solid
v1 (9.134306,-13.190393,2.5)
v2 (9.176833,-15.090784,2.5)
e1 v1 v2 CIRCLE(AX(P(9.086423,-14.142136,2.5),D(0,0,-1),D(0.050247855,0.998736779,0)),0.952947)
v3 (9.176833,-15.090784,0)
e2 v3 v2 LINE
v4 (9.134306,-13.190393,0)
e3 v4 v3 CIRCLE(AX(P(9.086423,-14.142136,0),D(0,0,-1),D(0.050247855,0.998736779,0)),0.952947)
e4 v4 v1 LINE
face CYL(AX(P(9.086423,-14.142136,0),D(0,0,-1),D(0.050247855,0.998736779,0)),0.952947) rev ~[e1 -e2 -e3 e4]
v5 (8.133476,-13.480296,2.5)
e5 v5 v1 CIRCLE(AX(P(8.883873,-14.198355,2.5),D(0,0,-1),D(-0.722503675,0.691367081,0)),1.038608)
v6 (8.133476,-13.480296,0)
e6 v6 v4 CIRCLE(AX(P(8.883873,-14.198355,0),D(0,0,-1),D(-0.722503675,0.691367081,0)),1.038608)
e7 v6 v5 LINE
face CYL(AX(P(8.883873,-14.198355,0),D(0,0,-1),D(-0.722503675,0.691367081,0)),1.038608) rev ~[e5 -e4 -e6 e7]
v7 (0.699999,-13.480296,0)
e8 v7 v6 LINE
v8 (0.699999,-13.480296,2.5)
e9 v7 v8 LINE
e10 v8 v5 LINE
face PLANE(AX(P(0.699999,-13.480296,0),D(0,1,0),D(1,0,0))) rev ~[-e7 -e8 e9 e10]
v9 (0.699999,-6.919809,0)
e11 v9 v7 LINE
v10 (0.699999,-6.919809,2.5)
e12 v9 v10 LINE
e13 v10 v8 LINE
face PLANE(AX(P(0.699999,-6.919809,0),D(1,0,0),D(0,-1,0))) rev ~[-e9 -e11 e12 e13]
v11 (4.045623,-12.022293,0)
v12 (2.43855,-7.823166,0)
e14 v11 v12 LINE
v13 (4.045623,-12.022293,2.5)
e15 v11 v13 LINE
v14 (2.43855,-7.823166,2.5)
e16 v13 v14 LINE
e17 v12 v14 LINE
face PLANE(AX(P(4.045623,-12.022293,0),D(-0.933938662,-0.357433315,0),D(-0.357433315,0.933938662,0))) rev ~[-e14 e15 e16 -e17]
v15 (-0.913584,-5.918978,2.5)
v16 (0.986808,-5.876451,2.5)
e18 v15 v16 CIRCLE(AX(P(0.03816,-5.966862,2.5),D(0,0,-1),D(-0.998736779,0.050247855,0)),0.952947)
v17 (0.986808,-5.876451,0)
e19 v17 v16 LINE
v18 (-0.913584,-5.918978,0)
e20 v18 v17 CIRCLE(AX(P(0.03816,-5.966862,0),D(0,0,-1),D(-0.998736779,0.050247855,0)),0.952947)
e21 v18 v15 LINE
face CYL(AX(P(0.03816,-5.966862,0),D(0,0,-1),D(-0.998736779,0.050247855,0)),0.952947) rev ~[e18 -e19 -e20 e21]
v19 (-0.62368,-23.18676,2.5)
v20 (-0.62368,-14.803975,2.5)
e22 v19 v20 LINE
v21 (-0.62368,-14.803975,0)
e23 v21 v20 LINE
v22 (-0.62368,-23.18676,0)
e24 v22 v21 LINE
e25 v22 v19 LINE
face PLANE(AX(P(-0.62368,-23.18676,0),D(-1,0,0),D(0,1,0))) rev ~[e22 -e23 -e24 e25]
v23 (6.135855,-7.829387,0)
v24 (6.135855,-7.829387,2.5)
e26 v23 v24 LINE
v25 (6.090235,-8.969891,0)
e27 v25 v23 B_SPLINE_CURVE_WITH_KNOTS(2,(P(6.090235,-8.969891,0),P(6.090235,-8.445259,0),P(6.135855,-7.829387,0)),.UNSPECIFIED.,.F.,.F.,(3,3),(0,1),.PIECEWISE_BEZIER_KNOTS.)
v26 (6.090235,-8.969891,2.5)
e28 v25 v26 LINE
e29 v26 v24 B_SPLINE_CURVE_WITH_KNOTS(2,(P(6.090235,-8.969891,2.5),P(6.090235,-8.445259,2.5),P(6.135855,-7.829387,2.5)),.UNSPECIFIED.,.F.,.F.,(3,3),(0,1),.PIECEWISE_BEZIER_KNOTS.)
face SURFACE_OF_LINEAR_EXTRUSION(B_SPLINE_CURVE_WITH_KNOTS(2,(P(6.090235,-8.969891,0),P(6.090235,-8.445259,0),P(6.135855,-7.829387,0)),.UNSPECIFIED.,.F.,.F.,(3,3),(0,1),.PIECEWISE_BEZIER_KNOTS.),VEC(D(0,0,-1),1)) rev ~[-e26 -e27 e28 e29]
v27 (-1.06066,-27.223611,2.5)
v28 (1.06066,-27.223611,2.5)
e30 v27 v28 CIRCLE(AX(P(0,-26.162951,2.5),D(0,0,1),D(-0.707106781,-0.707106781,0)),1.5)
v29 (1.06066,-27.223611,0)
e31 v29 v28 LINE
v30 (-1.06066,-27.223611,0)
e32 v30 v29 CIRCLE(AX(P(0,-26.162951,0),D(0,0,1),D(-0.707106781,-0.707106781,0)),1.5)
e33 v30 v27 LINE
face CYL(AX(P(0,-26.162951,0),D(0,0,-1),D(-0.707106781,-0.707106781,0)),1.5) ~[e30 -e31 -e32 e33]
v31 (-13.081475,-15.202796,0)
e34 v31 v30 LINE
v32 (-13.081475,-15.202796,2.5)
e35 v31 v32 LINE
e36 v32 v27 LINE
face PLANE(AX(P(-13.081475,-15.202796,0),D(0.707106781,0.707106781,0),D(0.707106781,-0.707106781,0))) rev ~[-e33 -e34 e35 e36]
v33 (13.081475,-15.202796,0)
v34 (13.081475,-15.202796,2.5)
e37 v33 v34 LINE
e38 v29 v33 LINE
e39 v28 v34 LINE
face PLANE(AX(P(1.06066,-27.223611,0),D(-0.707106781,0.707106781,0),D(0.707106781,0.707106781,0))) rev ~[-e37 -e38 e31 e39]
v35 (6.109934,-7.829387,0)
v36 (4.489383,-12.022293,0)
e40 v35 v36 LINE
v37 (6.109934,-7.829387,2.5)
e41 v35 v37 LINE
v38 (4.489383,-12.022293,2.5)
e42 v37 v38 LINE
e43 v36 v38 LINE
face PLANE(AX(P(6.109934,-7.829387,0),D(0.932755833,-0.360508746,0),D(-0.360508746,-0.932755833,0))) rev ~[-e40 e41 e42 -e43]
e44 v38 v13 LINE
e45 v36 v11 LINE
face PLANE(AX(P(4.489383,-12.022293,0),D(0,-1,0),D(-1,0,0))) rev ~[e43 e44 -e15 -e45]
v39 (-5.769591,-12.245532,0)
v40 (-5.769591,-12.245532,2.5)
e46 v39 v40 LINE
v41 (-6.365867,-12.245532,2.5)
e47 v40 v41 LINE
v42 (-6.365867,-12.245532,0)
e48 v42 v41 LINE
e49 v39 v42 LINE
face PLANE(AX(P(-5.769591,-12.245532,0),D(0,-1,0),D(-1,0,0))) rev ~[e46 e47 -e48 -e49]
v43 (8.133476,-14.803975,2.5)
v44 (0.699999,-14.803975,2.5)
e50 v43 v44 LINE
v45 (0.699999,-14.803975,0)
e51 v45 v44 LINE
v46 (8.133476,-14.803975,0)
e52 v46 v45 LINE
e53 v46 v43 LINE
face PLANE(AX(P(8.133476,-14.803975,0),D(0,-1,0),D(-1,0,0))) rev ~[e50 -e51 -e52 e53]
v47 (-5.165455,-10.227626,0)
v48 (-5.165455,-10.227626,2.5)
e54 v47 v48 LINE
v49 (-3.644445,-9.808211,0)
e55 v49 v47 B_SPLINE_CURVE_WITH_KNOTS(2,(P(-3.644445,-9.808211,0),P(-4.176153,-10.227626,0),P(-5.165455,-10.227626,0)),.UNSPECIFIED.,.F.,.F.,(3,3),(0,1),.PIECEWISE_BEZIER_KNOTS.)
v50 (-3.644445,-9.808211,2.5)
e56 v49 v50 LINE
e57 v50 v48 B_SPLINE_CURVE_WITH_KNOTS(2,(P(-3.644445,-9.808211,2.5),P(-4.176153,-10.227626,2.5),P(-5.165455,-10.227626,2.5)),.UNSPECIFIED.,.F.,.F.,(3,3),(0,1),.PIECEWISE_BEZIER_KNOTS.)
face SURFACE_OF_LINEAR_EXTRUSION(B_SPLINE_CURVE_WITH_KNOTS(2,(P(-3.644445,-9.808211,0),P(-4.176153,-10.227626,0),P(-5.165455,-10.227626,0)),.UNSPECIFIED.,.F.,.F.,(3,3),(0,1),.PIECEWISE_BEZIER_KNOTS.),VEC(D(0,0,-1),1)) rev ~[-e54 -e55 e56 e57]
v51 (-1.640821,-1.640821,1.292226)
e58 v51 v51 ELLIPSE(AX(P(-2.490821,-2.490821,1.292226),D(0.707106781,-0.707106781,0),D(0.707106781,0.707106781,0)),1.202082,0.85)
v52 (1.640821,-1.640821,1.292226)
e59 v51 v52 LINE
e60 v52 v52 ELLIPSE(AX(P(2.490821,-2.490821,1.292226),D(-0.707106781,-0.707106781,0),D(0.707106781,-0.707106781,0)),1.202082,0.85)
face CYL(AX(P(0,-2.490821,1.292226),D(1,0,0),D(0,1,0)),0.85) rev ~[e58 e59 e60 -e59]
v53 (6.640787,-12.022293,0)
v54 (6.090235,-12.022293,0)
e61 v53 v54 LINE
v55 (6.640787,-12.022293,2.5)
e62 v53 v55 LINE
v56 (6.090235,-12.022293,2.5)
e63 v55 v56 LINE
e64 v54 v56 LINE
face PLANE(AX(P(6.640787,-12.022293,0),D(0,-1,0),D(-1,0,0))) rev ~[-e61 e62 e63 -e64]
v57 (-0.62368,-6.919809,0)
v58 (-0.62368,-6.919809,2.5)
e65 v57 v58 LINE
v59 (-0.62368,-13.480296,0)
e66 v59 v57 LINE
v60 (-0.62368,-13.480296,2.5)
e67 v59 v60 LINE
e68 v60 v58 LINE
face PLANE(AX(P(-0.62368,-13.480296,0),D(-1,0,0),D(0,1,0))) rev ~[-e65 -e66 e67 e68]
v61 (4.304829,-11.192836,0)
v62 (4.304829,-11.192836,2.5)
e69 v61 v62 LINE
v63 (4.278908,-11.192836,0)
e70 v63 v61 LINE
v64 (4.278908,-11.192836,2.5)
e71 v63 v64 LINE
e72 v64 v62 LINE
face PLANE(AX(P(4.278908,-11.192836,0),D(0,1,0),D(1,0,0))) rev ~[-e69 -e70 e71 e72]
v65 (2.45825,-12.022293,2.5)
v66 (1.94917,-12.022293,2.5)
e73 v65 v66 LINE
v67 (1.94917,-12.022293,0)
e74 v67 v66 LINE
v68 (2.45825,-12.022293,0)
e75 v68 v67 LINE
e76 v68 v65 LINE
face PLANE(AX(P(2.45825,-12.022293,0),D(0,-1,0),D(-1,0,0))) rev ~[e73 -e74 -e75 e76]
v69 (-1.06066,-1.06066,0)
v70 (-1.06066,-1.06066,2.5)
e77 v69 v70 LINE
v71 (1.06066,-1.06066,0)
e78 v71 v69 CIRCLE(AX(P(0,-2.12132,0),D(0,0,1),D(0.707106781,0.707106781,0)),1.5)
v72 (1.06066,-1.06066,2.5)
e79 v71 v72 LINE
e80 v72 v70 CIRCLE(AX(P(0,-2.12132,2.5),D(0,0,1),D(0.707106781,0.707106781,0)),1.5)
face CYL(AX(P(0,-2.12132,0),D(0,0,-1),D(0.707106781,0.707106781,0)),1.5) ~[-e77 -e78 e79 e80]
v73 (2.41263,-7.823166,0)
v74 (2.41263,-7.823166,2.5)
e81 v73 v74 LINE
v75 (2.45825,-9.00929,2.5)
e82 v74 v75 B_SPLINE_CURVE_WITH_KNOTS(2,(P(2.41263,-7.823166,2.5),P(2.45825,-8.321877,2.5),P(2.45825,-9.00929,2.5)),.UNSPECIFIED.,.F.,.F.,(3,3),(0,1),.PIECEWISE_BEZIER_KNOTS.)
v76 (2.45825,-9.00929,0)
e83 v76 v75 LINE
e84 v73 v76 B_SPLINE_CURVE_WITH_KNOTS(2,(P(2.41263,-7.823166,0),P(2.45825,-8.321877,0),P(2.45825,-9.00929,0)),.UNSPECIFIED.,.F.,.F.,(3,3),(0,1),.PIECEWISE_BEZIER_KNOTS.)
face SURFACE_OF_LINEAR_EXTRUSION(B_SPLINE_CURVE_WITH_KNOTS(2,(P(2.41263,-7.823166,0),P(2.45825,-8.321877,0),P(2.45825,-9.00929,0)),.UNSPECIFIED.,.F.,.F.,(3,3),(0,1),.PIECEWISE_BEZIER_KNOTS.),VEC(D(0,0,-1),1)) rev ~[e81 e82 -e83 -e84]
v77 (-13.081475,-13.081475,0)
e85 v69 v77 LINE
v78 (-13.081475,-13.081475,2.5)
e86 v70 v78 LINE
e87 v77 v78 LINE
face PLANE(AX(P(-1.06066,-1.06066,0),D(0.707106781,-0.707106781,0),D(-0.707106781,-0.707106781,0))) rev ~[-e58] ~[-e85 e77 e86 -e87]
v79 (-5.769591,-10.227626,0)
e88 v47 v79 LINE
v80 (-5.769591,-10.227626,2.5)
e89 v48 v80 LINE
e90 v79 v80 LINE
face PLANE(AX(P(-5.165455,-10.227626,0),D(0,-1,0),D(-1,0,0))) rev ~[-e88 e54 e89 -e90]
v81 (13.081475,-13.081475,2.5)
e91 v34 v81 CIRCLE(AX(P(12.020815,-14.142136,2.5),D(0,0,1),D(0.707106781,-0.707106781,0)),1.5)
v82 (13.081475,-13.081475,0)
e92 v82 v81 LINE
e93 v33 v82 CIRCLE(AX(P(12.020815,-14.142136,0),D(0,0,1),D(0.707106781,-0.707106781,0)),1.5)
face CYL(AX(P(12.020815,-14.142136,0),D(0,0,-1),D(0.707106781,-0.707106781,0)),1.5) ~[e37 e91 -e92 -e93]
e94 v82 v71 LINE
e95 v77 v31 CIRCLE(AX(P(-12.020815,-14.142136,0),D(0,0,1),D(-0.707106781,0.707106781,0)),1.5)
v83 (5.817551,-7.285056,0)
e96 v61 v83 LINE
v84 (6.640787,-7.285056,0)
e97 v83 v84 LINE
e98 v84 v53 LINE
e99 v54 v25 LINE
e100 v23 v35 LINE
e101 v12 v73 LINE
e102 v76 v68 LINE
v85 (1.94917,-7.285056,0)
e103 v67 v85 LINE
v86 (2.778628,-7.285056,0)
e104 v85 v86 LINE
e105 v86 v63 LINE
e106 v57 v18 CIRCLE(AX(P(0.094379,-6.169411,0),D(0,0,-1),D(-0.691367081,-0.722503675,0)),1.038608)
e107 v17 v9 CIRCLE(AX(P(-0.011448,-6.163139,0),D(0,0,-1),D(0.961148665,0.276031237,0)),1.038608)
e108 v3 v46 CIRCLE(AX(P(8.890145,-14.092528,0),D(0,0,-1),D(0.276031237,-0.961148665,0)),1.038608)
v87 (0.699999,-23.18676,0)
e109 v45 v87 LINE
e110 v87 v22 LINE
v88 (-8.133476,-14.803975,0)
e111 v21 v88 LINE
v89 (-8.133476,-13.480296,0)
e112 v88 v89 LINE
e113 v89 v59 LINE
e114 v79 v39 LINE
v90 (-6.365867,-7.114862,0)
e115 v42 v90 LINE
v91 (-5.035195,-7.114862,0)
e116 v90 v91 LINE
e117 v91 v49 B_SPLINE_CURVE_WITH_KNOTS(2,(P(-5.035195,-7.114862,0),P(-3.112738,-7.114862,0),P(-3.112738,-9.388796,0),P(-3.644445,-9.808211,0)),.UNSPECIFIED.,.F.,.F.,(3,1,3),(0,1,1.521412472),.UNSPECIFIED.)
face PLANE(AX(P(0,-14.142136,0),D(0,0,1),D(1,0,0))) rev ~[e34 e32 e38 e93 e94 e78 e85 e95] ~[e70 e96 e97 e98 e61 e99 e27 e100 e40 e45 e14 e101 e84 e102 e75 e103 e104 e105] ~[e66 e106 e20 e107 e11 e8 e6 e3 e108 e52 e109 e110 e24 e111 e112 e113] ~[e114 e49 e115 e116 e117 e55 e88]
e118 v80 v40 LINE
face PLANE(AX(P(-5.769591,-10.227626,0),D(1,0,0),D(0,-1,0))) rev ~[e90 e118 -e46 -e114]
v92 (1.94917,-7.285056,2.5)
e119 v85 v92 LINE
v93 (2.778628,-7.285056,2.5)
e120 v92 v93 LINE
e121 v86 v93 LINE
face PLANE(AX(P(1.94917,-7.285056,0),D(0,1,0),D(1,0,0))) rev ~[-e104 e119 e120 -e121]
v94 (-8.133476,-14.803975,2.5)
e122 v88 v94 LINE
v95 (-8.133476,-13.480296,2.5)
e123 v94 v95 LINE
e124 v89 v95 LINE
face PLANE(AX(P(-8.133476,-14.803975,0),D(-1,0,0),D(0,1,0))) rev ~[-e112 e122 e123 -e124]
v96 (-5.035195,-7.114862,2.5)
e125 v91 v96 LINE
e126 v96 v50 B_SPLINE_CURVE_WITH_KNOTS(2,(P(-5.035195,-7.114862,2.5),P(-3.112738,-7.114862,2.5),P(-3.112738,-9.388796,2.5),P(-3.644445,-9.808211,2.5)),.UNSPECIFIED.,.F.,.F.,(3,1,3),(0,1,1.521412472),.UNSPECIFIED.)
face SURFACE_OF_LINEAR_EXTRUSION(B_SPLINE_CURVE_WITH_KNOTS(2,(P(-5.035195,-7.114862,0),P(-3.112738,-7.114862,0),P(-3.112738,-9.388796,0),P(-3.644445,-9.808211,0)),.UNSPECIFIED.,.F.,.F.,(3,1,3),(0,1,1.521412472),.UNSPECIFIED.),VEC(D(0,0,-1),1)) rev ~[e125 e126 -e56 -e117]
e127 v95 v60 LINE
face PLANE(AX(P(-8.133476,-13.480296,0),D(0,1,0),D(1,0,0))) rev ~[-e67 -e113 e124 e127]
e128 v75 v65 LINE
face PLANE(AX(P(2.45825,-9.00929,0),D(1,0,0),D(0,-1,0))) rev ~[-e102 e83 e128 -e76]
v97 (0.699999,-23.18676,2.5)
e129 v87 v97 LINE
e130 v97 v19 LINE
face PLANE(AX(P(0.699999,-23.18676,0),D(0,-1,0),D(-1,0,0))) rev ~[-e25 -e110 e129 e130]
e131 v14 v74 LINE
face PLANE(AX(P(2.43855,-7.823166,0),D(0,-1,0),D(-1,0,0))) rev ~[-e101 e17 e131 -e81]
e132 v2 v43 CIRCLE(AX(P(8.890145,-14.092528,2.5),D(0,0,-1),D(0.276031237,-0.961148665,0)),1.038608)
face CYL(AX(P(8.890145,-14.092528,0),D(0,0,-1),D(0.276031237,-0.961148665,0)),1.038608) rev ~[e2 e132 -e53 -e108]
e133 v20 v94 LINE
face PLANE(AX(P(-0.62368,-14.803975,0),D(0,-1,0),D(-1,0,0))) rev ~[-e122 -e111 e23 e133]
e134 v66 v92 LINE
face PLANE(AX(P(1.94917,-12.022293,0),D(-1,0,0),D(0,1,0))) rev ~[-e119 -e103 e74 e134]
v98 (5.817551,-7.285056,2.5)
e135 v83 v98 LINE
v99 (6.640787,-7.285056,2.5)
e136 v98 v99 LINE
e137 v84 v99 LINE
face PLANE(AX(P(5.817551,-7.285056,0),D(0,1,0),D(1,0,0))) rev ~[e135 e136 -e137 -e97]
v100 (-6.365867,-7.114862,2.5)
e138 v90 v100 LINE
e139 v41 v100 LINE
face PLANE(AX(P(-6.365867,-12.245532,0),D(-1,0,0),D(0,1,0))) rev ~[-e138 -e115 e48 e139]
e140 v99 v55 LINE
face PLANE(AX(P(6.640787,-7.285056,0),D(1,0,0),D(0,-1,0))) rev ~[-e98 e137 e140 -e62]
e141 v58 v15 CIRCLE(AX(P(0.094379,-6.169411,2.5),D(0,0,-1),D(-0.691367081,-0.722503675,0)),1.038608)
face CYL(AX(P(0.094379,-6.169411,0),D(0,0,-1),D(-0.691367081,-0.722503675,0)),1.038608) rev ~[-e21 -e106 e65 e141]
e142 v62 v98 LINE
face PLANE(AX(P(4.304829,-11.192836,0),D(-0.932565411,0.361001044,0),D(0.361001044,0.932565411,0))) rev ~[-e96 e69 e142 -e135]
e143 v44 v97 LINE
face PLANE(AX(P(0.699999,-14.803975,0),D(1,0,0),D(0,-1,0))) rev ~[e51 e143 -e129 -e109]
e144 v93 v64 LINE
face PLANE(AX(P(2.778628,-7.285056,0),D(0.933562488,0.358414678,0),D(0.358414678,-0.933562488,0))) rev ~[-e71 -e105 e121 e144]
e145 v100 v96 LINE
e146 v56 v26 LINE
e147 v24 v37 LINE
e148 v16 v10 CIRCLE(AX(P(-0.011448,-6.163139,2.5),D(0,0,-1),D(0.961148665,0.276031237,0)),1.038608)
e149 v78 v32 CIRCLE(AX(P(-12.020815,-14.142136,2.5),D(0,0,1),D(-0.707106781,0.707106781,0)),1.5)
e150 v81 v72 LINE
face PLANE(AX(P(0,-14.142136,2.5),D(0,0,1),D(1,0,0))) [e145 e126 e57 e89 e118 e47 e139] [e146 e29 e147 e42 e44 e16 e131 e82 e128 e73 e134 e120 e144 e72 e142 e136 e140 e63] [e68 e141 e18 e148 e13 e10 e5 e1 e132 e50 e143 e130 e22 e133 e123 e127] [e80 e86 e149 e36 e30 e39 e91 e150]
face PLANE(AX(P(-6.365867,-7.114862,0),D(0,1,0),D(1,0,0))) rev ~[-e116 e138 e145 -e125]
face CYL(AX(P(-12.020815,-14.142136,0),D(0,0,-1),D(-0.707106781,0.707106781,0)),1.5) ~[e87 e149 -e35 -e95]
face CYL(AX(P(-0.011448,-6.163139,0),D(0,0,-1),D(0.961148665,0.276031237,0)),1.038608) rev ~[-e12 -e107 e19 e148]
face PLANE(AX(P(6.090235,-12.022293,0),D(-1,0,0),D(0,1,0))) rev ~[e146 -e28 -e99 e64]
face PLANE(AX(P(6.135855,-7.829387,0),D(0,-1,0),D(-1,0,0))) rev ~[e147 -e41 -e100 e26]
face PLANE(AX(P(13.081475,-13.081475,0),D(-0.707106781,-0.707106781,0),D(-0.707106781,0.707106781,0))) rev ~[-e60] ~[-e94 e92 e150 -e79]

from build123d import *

# Parameters (mm, degrees)
F1_DEPTH = 2.5
F2_R     = 0.85
F3_DEPTH = 12.5


with BuildPart() as f1:
    # F0 (on Top) → F1 (new body)
    with BuildSketch(Plane.XY):
        with BuildLine():
            Line((13.081475452, -13.081475452), (1.0606601718, -1.0606601718))
            ThreePointArc((1.0606601718, -1.0606601718), (0, -0.6213203436), (-1.0606601718, -1.0606601718))
            Line((-1.0606601718, -1.0606601718), (-13.081475452, -13.081475452))
            ThreePointArc((-13.081475452, -13.081475452), (-13.5208152802, -14.1421356237), (-13.081475452, -15.2027957955))
            Line((-13.081475452, -15.2027957955), (-1.0606601718, -27.2236110757))
            ThreePointArc((-1.0606601718, -27.2236110757), (0, -27.6629509039), (1.0606601718, -27.2236110757))
            Line((1.0606601718, -27.2236110757), (13.081475452, -15.2027957955))
            ThreePointArc((13.081475452, -15.2027957955), (13.5208152802, -14.1421356237), (13.081475452, -13.081475452))
        make_face()
        with BuildLine():
            add(Edge.make_bspline(
                [(-5.0351947703, -7.1148621023), (-3.1127377117, -7.1148621023), (-3.1127377117, -8.6094826309)],
                knots=[0, 0, 0, 1, 1, 1], degree=2))
            add(Edge.make_bspline(
                [(-3.1127377117, -8.6094826309), (-3.1127377117, -9.3887964152), (-3.6444453152, -9.8082109662)],
                knots=[0, 0, 0, 1, 1, 1], degree=2))
            add(Edge.make_bspline(
                [(-3.6444453152, -9.8082109662), (-4.1761529188, -10.2276255173), (-5.1654547112, -10.2276255173)],
                knots=[0, 0, 0, 1, 1, 1], degree=2))
            Line((-5.1654547112, -10.2276255173), (-5.7695913335, -10.2276255173))
            Line((-5.7695913335, -10.2276255173), (-5.7695913335, -12.2455316704))
            Line((-5.7695913335, -12.2455316704), (-6.3658674423, -12.2455316704))
            Line((-6.3658674423, -12.2455316704), (-6.3658674423, -7.1148621023))
            Line((-6.3658674423, -7.1148621023), (-5.0351947703, -7.1148621023))
        make_face(mode=Mode.SUBTRACT)
        with BuildLine():
            Line((-8.1334756687, -14.8039748892), (-8.1334756687, -13.4802963582))
            Line((-8.1334756687, -13.4802963582), (-0.6236797201, -13.4802963582))
            Line((-0.6236797201, -13.4802963582), (-0.6236797201, -6.9198086858))
            ThreePointArc((-0.6236797201, -6.9198086858), (-0.9032194318, -6.4583786209), (-0.9135835525, -5.9189782686))
            ThreePointArc((-0.9135835525, -5.9189782686), (0.0168397474, -5.0141534426), (0.9868078824, -5.876451129))
            ThreePointArc((0.9868078824, -5.876451129), (0.9900106564, -6.4384308628), (0.6999988109, -6.9198086858))
            Line((0.6999988109, -6.9198086858), (0.6999988109, -13.4802963582))
            Line((0.6999988109, -13.4802963582), (8.1334756687, -13.4802963582))
            ThreePointArc((8.1334756687, -13.4802963582), (8.5949057336, -13.2007566465), (9.134306086, -13.1903925258))
            ThreePointArc((9.134306086, -13.1903925258), (10.0391309119, -14.1208158258), (9.1768332255, -15.0907839607))
            ThreePointArc((9.1768332255, -15.0907839607), (8.6148534917, -15.0939867347), (8.1334756687, -14.8039748892))
            Line((8.1334756687, -14.8039748892), (0.6999988109, -14.8039748892))
            Line((0.6999988109, -14.8039748892), (0.6999988109, -23.1867600232))
            Line((0.6999988109, -23.1867600232), (-0.6236797201, -23.1867600232))
            Line((-0.6236797201, -23.1867600232), (-0.6236797201, -14.8039748892))
            Line((-0.6236797201, -14.8039748892), (-8.1334756687, -14.8039748892))
        make_face(mode=Mode.SUBTRACT)
        with BuildLine():
            Line((4.4893827087, -12.0222926794), (4.0456231809, -12.0222926794))
            Line((4.0456231809, -12.0222926794), (2.4385501247, -7.8231663068))
            Line((2.4385501247, -7.8231663068), (2.4126295915, -7.8231663068))
            add(Edge.make_bspline(
                [(2.4126295915, -7.8231663068), (2.4582497299, -8.3218773648), (2.4582497299, -9.0092899044)],
                knots=[0, 0, 0, 1, 1, 1], degree=2))
            Line((2.4582497299, -9.0092899044), (2.4582497299, -12.0222926794))
            Line((2.4582497299, -12.0222926794), (1.9491704586, -12.0222926794))
            Line((1.9491704586, -12.0222926794), (1.9491704586, -7.2850560383))
            Line((1.9491704586, -7.2850560383), (2.7786275198, -7.2850560383))
            Line((2.7786275198, -7.2850560383), (4.2789079794, -11.1928356181))
            Line((4.2789079794, -11.1928356181), (4.3048285126, -11.1928356181))
            Line((4.3048285126, -11.1928356181), (5.817550828, -7.2850560383))
            Line((5.817550828, -7.2850560383), (6.6407869613, -7.2850560383))
            Line((6.6407869613, -7.2850560383), (6.6407869613, -12.0222926794))
            Line((6.6407869613, -12.0222926794), (6.0902348369, -12.0222926794))
            Line((6.0902348369, -12.0222926794), (6.0902348369, -8.969890694))
            add(Edge.make_bspline(
                [(6.0902348369, -8.969890694), (6.0902348369, -8.4452591027), (6.1358549753, -7.8293872347)],
                knots=[0, 0, 0, 1, 1, 1], degree=2))
            Line((6.1358549753, -7.8293872347), (6.1099344421, -7.8293872347))
            Line((6.1099344421, -7.8293872347), (4.4893827087, -12.0222926794))
        make_face(mode=Mode.SUBTRACT)
    extrude(amount=F1_DEPTH)

    # F2 (on Right) → F3 (cut, symmetric)
    with BuildSketch(Plane.YZ):
        with Locations((-2.4908210296, 1.292226194)):
            Circle(F2_R)
    extrude(amount=F3_DEPTH, both=True, mode=Mode.SUBTRACT)


solid = f1.part
